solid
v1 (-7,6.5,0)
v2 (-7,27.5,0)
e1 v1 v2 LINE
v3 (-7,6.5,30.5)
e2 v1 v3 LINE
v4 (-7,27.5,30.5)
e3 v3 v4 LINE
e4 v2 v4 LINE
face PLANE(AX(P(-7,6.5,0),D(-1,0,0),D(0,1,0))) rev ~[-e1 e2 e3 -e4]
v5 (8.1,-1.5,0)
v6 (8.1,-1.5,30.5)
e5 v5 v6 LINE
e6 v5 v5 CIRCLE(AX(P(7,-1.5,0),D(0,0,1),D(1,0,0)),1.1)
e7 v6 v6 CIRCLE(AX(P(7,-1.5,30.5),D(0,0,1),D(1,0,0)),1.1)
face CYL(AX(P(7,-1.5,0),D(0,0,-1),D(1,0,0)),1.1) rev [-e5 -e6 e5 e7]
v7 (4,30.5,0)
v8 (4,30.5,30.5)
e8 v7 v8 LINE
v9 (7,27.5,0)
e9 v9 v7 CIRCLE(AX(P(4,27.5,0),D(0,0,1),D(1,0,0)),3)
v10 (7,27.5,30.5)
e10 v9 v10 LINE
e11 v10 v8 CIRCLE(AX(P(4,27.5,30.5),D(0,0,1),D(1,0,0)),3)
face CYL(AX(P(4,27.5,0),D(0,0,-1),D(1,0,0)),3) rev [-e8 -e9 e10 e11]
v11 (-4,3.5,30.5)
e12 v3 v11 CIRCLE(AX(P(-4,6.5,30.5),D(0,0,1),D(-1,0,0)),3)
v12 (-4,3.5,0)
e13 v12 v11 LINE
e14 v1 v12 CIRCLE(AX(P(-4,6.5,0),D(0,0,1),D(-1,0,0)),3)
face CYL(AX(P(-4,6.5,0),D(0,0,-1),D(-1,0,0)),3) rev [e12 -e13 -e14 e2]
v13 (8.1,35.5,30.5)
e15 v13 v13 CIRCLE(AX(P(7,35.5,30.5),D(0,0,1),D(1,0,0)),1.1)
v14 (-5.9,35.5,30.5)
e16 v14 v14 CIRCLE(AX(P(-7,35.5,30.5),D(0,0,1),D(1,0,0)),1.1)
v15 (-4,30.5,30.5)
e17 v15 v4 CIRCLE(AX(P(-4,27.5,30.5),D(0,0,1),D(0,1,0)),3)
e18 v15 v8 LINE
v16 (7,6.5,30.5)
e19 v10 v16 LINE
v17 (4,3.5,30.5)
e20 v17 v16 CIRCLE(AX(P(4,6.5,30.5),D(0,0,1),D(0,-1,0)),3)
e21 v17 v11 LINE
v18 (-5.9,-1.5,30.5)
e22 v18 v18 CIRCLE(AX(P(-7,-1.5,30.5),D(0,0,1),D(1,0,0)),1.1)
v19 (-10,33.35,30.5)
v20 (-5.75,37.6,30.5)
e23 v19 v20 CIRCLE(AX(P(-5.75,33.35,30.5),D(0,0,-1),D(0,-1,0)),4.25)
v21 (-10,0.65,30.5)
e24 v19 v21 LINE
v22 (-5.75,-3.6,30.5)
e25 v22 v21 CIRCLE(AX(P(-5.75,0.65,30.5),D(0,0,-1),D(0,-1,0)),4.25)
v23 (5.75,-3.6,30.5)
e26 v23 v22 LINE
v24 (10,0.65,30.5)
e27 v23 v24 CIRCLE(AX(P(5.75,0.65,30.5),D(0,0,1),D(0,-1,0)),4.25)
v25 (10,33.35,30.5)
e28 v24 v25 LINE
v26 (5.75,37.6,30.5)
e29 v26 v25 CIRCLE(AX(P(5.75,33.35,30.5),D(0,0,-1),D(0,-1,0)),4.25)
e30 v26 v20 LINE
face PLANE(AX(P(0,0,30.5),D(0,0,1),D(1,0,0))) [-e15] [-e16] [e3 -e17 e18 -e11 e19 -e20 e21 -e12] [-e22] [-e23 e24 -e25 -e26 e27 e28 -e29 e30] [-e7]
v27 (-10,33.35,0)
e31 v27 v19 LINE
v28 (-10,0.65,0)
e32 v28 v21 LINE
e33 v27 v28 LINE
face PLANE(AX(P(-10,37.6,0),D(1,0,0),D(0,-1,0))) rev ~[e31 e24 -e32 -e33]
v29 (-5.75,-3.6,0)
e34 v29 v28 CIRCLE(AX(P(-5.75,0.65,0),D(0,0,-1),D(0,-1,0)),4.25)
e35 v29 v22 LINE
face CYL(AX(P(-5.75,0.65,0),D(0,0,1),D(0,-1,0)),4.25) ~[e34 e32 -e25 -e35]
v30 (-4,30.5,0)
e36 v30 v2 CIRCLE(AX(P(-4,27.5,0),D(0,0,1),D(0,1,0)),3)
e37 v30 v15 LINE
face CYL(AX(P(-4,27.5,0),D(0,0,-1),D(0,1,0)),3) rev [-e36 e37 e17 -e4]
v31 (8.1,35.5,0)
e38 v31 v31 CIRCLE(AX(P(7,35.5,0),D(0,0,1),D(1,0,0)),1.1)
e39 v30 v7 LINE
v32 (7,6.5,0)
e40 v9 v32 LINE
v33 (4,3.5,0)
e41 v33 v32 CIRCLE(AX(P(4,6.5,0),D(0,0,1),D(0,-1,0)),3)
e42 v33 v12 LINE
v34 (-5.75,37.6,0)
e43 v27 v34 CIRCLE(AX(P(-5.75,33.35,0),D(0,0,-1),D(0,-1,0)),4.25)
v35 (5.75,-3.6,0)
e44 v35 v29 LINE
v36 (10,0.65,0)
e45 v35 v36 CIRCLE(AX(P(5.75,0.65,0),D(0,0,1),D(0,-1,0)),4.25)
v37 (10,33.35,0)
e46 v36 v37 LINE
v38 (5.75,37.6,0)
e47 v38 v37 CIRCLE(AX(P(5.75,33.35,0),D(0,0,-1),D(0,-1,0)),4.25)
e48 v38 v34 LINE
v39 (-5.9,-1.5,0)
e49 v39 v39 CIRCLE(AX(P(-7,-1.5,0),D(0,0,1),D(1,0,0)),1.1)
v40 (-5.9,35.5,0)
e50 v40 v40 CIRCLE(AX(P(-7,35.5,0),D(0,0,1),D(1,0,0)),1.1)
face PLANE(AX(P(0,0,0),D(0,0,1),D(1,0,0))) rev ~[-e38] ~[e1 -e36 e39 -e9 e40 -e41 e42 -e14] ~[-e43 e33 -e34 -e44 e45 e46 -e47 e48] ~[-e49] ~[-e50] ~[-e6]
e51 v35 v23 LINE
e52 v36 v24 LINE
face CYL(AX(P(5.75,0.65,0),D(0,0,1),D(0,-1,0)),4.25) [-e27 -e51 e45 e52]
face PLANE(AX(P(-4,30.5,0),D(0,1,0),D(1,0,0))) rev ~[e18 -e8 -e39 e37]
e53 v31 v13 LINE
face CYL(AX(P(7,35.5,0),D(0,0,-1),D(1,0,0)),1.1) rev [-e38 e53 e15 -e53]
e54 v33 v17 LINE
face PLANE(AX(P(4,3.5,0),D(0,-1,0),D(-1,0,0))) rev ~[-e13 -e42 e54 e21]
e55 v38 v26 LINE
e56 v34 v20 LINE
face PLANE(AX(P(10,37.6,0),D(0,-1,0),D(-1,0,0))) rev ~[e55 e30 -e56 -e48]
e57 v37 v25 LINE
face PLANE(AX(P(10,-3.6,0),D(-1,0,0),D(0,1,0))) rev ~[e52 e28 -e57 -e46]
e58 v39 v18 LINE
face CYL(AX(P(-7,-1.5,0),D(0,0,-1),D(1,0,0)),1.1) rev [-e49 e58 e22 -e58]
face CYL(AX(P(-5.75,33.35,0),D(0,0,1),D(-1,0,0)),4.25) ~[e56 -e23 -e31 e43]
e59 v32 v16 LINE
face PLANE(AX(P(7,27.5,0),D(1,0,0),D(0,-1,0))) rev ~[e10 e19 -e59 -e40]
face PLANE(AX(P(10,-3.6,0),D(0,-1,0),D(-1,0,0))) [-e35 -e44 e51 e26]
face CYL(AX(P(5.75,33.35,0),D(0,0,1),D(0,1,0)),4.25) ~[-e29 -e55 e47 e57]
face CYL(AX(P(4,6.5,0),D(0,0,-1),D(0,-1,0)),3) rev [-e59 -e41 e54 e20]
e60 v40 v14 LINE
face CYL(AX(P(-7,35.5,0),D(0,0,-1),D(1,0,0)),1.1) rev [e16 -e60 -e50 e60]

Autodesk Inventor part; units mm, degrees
ref_plane "YZ Plane" through (0, 0, 0) normal (1, 0, 0) x (0, 1, 0)
ref_plane "XZ Plane" through (0, 0, 0) normal (0, 1, 0) x (-1, 0, 0)
sketch "スケッチ1" plane through (0, 0, 0) normal (0, 0, 1) x (1, 0, 0)
  circle A0 centre (7, -1.5) radius 1.1 projected
  circle A1 centre (-7, -1.5) radius 1.1 projected
  arc A2 (-7, 6.5) -> (-4, 3.5) centre (-4, 6.5) ccw projected
  line L0 (4, 3.5) -> (-4, 3.5) projected
  arc A3 (4, 3.5) -> (7, 6.5) centre (4, 6.5) ccw projected
  line L1 (7, 27.5) -> (7, 6.5) projected
  line L2 (-7, 6.5) -> (-7, 27.5) projected
  arc A4 (-4, 30.5) -> (-7, 27.5) centre (-4, 27.5) ccw projected
  line L3 (-4, 30.5) -> (4, 30.5) projected
  circle A5 centre (-7, 35.5) radius 1.1 projected
  circle A6 centre (7, 35.5) radius 1.1 projected
  circle A7 centre (-7, -1.5) radius 1.1 projected
  line L4 (7, 27.5) -> (7, 6.5) projected
  arc A8 (4, 3.5) -> (7, 6.5) centre (4, 6.5) ccw projected
  line L5 (4, 3.5) -> (-4, 3.5) projected
  arc A9 (-7, 6.5) -> (-4, 3.5) centre (-4, 6.5) ccw projected
  line L6 (-7, 6.5) -> (-7, 27.5) projected
  arc A10 (-4, 30.5) -> (-7, 27.5) centre (-4, 27.5) ccw projected
  line L7 (-4, 30.5) -> (4, 30.5) projected
  arc A11 (7, 27.5) -> (4, 30.5) centre (4, 27.5) ccw projected
  circle A12 centre (7, -1.5) radius 1.1 projected
  arc A13 (6, -30) -> (6.4, -31.2) centre (8, -30) ccw projected
  arc A14 (6.4, -40.8) -> (6.4, -31.2) centre (0, -36) ccw projected
  arc A15 (6.4, -40.8) -> (6, -42) centre (8, -42) ccw projected
  line L8 (6, -42) -> (6, -42.5) projected
  arc A16 (6, -42.5) -> (10, -42.5) centre (8, -42.5) ccw projected
  line L9 (10, -42.5) -> (10, 76.5) projected
  arc A17 (10, 76.5) -> (6, 76.5) centre (8, 76.5) ccw projected
  line L10 (6, 76.5) -> (6, 76) projected
  arc A18 (6, 76) -> (6.4, 74.8) centre (8, 76) ccw projected
  arc A19 (6.4, 65.2) -> (6.4, 74.8) centre (0, 70) ccw projected
  arc A20 (6.4, 65.2) -> (6, 64) centre (8, 64) ccw projected
  line L11 (6, 64) -> (6, 60.696) projected
  arc A21 (6, 60.696) -> (6.9906, 58.9694) centre (8, 60.696) ccw projected
  line L12 (6.9906, 58.9694) -> (6.9906, 52.6121) projected
  arc A22 (6.9906, 52.6121) -> (6, 50.8855) centre (8, 50.8855) ccw projected
  line L13 (6, 50.8855) -> (6, 45.5) projected
  arc A23 (3, 42.5) -> (6, 45.5) centre (3, 45.5) ccw projected
  line L14 (3, 42.5) -> (-8, 42.5) projected
  arc A24 (-8, 42.5) -> (-10, 40.5) centre (-8, 40.5) ccw projected
  line L15 (-10, 40.5) -> (-10, -6.5) projected
  arc A25 (-10, -6.5) -> (-8, -8.5) centre (-8, -6.5) ccw projected
  line L16 (-8, -8.5) -> (3, -8.5) projected
  arc A26 (6, -11.5) -> (3, -8.5) centre (3, -11.5) ccw projected
  line L17 (6, -11.5) -> (6, -16.8855) projected
  arc A27 (6, -16.8855) -> (6.9906, -18.6121) centre (8, -16.8855) ccw projected
  line L18 (6.9906, -18.6121) -> (6.9906, -24.9694) projected
  arc A28 (6.9906, -24.9694) -> (6, -26.696) centre (8, -26.696) ccw projected
  line L19 (6, -26.696) -> (6, -30) projected
  circle A29 centre (8, 76.5) radius 1.1 projected
  circle A30 centre (-8, 40.5) radius 1.1 projected
  circle A31 centre (-8, -6.5) radius 1.1 projected
  circle A32 centre (8, -42.5) radius 1.1 projected
  circle A33 centre (8, -6.5) radius 1.1 projected
  circle A34 centre (8, 40.5) radius 1.1 projected
  line L20 (10, 37.6) -> (-10, 37.6)
  line L21 (10, 17) -> (-10, 17) construction
  line L22 (10, -3.6) -> (-10, -3.6)
  point P0 (0, 0)
  point P1 (-10, -3.6)
  point P2 (10, -3.6)
  dimension "d0" = 1
ref_plane "作業平面1" through (-10, -78.5, 30.5) normal (0, 0, -1) x (0, 1, 0)
extrude "押し出し1" add sketch "スケッチ1" along normal up to surface (30.5 mm away) contours L22 L15 L20 L9
fillet "フィレット1" radius 4.25 4 edges at (10, 37.6, 15.25) (-10, 37.6, 15.25) (10, -3.6, 15.25) (-10, -3.6, 15.25)
properties part number "suzikai" material "ABS プラスチック"
